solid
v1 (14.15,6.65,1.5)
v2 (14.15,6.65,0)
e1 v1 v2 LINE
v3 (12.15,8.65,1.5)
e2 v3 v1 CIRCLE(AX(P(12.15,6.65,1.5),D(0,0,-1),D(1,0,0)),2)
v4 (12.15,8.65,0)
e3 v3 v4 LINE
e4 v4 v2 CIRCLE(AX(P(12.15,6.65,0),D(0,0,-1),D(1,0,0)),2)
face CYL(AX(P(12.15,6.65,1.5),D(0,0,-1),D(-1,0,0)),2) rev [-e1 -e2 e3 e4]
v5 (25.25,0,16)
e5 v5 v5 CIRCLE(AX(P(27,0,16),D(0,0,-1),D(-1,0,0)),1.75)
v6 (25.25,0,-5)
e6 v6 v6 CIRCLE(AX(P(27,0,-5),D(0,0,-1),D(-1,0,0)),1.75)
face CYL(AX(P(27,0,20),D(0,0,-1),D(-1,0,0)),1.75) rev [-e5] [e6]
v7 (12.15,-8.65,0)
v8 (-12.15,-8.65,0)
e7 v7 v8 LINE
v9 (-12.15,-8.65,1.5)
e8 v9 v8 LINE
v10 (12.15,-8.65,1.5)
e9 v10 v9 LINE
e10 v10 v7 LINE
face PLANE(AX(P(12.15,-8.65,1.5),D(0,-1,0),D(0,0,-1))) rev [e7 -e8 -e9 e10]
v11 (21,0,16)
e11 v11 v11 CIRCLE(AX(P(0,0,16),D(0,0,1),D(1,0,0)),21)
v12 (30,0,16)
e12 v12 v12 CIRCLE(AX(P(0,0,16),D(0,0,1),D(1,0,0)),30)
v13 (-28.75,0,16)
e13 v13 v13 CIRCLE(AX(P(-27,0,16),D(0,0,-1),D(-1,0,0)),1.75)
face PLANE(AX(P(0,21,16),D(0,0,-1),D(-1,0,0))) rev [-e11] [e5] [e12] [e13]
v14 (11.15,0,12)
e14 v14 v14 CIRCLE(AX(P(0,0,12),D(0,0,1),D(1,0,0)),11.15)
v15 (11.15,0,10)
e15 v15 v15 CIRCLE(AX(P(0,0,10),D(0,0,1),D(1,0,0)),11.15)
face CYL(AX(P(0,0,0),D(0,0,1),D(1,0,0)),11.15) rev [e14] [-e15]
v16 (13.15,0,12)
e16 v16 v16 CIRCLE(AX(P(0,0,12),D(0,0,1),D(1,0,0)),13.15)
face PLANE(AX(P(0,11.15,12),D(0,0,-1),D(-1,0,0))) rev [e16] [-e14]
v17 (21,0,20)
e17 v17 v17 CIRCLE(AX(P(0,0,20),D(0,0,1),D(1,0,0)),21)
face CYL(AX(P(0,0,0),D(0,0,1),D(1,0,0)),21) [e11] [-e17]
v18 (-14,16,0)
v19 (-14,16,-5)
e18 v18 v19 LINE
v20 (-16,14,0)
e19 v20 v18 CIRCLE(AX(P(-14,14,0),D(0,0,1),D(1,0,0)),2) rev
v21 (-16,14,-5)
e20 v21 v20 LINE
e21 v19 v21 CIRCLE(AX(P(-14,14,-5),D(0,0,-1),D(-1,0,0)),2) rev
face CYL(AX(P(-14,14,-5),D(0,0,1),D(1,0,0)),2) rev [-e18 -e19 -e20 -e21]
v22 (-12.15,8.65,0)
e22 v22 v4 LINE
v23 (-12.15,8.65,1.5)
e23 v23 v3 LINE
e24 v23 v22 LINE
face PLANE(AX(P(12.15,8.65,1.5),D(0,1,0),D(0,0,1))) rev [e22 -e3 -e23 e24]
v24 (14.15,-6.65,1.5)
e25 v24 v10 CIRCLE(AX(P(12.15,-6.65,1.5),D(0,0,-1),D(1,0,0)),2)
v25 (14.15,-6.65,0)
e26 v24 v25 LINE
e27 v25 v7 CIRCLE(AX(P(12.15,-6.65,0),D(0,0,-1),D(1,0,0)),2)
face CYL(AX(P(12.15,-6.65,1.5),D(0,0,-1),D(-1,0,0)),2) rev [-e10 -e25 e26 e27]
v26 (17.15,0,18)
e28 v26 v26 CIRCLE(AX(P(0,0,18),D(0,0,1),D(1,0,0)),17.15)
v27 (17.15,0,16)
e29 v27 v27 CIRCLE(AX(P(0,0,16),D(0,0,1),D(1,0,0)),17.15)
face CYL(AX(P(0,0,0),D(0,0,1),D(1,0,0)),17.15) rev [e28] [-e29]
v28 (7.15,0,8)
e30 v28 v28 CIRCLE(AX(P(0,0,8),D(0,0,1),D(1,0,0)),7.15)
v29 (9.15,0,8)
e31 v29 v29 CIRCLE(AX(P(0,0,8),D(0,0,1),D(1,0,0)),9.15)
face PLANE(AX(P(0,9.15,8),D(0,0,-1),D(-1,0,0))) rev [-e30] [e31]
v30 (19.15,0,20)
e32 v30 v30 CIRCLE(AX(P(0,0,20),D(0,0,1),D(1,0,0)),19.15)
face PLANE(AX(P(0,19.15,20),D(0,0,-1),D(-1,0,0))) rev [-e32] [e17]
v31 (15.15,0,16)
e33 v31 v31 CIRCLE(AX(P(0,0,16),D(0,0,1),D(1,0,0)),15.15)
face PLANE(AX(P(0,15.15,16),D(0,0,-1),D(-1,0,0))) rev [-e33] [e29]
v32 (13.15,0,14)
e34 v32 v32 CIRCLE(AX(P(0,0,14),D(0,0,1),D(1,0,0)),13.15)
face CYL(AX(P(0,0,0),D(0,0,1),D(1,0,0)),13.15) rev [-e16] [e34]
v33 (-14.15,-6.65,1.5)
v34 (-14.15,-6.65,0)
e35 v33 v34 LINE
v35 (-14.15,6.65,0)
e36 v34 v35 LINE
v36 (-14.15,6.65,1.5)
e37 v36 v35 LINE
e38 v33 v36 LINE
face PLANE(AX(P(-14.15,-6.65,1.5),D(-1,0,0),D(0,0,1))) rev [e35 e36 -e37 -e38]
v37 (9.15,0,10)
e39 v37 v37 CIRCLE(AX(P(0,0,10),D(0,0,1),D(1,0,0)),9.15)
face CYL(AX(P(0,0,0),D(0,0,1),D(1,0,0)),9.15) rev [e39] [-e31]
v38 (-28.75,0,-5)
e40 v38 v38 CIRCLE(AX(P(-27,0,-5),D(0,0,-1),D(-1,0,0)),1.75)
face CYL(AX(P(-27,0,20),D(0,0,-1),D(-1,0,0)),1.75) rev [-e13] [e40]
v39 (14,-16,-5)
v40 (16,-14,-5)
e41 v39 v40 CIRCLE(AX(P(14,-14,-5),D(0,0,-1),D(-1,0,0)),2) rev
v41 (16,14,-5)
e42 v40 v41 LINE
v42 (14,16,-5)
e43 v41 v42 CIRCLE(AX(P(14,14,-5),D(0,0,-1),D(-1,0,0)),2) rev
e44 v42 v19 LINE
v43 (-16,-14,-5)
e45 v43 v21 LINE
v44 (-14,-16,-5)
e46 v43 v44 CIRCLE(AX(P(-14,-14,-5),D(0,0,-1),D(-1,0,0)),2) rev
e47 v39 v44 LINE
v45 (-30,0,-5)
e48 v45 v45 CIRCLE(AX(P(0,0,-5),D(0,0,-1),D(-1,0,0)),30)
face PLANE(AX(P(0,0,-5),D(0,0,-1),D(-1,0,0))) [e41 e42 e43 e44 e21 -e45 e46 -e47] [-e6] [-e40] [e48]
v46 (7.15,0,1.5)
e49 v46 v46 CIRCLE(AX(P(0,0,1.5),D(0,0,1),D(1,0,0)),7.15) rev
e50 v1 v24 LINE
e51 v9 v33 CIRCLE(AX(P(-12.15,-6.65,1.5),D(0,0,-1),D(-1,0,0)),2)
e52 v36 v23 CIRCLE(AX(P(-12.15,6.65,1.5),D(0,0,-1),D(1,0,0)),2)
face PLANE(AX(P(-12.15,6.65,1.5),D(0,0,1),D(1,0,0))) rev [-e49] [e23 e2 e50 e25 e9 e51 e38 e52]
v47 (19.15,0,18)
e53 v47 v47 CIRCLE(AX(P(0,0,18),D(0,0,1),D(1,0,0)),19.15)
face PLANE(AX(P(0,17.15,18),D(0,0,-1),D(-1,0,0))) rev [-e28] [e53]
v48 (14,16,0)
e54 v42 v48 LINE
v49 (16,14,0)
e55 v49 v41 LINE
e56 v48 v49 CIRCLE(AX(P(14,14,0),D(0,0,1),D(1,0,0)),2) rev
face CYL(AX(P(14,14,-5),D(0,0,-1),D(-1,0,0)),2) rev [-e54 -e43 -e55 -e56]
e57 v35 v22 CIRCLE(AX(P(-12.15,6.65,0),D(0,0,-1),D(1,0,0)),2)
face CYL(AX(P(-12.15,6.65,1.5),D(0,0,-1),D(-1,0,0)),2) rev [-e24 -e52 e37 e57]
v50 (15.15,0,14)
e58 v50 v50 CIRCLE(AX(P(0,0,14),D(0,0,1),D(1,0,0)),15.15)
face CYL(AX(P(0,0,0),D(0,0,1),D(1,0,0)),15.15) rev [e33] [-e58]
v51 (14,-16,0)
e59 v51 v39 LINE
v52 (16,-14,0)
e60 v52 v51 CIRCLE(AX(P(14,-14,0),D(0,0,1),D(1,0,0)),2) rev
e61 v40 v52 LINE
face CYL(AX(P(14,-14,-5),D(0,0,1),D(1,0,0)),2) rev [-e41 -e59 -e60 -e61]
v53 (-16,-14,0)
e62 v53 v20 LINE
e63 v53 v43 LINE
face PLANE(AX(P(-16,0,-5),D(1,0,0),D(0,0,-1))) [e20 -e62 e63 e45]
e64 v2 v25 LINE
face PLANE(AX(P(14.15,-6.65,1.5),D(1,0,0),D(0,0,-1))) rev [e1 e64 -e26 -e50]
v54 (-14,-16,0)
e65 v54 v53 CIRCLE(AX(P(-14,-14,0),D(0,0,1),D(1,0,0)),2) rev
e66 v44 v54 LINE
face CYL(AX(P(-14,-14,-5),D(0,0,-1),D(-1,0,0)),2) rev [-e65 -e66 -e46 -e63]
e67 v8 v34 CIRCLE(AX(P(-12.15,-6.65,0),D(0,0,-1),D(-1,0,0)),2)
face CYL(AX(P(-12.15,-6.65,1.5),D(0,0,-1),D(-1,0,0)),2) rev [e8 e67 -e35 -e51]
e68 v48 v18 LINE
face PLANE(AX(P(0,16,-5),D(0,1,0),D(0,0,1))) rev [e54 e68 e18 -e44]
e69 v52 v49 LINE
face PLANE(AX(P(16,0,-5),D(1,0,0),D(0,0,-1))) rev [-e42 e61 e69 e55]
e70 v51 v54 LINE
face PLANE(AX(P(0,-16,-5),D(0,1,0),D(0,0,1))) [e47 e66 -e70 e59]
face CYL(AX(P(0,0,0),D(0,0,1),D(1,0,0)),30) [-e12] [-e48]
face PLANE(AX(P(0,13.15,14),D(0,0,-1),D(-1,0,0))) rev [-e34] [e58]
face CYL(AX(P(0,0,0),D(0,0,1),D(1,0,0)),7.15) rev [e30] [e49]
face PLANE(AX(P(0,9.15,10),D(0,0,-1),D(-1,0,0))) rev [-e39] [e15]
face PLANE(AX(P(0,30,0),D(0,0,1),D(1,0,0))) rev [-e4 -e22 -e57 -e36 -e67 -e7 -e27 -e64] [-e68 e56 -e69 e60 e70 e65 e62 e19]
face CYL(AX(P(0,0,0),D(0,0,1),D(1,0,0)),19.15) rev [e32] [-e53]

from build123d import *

# Parameters (mm, degrees)
BOSS_EXTRUDE1_START = 5
SKETCH2_R           = 30
SKETCH2_W           = 32
SKETCH2_H           = 32
BOSS_EXTRUDE1_DEPTH = 5
FILLET1_R           = 2
SKETCH3_2_R         = 1.75
CUT_EXTRUDE3_DEPTH  = 50.244289009
CUT_EXTRUDE4_DEPTH  = 1.5


with BuildPart() as part:
    # Sketch1 → Revolve1 (revolve)
    with BuildSketch(Plane(origin=(0, 0, 0), x_dir=(0, 0, -1), z_dir=(1, 0, 0))):
        Polygon((-16, 30), (0, 30), (0, 7.15), (-8, 7.15), (-8, 9.15), (-10, 9.15), (-10, 11.15), (-12, 11.15), (-12, 13.15), (-14, 13.15), (-14, 15.15), (-16, 15.15), (-16, 17.15), (-18, 17.15), (-18, 19.15), (-20, 19.15), (-20, 21), (-16, 21), align=None)
    revolve(axis=Axis((0, 0, 0), (0, 0, -1)))

    # Sketch2 → Boss-Extrude1 (add)
    with BuildSketch(Plane(origin=(0, 0, 0), x_dir=(-1, 0, 0), z_dir=(0, 0, -1)).offset(BOSS_EXTRUDE1_START)):
        Circle(SKETCH2_R)
        Rectangle(SKETCH2_W, SKETCH2_H, mode=Mode.SUBTRACT)
    extrude(amount=-BOSS_EXTRUDE1_DEPTH)

    # Fillet1
    fillet1_edges = [part.edges().sort_by_distance(p)[0] for p in [
        (16, -16, -2.5),
        (-16, -16, -2.5),
        (16, 16, -2.5),
        (-16, 16, -2.5),
    ]]
    fillet(fillet1_edges, radius=FILLET1_R)

    # Sketch3<2> → Cut-Extrude3 (cut, through all)
    with BuildSketch(Plane(origin=(0, 0, -5), x_dir=(-1, 0, 0), z_dir=(0, 0, -1))):
        with Locations((-27, 0)):
            Circle(SKETCH3_2_R)
        with Locations((27, 0)):
            Circle(SKETCH3_2_R)
    extrude(amount=-CUT_EXTRUDE3_DEPTH, mode=Mode.SUBTRACT)

    # Sketch4 → Cut-Extrude4 (cut)
    with BuildSketch(Plane(origin=(0, 0, 0), x_dir=(-1, 0, 0), z_dir=(0, 0, -1))):
        with BuildLine():
            Line((-12.15, -8.65), (12.15, -8.65))
            ThreePointArc((12.15, -8.65), (13.564213562, -8.064213562), (14.15, -6.65))
            Line((14.15, -6.65), (14.15, 6.65))
            ThreePointArc((14.15, 6.65), (13.564213562, 8.064213562), (12.15, 8.65))
            Line((12.15, 8.65), (-12.15, 8.65))
            ThreePointArc((-12.15, 8.65), (-13.564213562, 8.064213562), (-14.15, 6.65))
            Line((-14.15, 6.65), (-14.15, -6.65))
            ThreePointArc((-14.15, -6.65), (-13.564213562, -8.064213562), (-12.15, -8.65))
        make_face()
    extrude(amount=-CUT_EXTRUDE4_DEPTH, mode=Mode.SUBTRACT)


solid = part.part
